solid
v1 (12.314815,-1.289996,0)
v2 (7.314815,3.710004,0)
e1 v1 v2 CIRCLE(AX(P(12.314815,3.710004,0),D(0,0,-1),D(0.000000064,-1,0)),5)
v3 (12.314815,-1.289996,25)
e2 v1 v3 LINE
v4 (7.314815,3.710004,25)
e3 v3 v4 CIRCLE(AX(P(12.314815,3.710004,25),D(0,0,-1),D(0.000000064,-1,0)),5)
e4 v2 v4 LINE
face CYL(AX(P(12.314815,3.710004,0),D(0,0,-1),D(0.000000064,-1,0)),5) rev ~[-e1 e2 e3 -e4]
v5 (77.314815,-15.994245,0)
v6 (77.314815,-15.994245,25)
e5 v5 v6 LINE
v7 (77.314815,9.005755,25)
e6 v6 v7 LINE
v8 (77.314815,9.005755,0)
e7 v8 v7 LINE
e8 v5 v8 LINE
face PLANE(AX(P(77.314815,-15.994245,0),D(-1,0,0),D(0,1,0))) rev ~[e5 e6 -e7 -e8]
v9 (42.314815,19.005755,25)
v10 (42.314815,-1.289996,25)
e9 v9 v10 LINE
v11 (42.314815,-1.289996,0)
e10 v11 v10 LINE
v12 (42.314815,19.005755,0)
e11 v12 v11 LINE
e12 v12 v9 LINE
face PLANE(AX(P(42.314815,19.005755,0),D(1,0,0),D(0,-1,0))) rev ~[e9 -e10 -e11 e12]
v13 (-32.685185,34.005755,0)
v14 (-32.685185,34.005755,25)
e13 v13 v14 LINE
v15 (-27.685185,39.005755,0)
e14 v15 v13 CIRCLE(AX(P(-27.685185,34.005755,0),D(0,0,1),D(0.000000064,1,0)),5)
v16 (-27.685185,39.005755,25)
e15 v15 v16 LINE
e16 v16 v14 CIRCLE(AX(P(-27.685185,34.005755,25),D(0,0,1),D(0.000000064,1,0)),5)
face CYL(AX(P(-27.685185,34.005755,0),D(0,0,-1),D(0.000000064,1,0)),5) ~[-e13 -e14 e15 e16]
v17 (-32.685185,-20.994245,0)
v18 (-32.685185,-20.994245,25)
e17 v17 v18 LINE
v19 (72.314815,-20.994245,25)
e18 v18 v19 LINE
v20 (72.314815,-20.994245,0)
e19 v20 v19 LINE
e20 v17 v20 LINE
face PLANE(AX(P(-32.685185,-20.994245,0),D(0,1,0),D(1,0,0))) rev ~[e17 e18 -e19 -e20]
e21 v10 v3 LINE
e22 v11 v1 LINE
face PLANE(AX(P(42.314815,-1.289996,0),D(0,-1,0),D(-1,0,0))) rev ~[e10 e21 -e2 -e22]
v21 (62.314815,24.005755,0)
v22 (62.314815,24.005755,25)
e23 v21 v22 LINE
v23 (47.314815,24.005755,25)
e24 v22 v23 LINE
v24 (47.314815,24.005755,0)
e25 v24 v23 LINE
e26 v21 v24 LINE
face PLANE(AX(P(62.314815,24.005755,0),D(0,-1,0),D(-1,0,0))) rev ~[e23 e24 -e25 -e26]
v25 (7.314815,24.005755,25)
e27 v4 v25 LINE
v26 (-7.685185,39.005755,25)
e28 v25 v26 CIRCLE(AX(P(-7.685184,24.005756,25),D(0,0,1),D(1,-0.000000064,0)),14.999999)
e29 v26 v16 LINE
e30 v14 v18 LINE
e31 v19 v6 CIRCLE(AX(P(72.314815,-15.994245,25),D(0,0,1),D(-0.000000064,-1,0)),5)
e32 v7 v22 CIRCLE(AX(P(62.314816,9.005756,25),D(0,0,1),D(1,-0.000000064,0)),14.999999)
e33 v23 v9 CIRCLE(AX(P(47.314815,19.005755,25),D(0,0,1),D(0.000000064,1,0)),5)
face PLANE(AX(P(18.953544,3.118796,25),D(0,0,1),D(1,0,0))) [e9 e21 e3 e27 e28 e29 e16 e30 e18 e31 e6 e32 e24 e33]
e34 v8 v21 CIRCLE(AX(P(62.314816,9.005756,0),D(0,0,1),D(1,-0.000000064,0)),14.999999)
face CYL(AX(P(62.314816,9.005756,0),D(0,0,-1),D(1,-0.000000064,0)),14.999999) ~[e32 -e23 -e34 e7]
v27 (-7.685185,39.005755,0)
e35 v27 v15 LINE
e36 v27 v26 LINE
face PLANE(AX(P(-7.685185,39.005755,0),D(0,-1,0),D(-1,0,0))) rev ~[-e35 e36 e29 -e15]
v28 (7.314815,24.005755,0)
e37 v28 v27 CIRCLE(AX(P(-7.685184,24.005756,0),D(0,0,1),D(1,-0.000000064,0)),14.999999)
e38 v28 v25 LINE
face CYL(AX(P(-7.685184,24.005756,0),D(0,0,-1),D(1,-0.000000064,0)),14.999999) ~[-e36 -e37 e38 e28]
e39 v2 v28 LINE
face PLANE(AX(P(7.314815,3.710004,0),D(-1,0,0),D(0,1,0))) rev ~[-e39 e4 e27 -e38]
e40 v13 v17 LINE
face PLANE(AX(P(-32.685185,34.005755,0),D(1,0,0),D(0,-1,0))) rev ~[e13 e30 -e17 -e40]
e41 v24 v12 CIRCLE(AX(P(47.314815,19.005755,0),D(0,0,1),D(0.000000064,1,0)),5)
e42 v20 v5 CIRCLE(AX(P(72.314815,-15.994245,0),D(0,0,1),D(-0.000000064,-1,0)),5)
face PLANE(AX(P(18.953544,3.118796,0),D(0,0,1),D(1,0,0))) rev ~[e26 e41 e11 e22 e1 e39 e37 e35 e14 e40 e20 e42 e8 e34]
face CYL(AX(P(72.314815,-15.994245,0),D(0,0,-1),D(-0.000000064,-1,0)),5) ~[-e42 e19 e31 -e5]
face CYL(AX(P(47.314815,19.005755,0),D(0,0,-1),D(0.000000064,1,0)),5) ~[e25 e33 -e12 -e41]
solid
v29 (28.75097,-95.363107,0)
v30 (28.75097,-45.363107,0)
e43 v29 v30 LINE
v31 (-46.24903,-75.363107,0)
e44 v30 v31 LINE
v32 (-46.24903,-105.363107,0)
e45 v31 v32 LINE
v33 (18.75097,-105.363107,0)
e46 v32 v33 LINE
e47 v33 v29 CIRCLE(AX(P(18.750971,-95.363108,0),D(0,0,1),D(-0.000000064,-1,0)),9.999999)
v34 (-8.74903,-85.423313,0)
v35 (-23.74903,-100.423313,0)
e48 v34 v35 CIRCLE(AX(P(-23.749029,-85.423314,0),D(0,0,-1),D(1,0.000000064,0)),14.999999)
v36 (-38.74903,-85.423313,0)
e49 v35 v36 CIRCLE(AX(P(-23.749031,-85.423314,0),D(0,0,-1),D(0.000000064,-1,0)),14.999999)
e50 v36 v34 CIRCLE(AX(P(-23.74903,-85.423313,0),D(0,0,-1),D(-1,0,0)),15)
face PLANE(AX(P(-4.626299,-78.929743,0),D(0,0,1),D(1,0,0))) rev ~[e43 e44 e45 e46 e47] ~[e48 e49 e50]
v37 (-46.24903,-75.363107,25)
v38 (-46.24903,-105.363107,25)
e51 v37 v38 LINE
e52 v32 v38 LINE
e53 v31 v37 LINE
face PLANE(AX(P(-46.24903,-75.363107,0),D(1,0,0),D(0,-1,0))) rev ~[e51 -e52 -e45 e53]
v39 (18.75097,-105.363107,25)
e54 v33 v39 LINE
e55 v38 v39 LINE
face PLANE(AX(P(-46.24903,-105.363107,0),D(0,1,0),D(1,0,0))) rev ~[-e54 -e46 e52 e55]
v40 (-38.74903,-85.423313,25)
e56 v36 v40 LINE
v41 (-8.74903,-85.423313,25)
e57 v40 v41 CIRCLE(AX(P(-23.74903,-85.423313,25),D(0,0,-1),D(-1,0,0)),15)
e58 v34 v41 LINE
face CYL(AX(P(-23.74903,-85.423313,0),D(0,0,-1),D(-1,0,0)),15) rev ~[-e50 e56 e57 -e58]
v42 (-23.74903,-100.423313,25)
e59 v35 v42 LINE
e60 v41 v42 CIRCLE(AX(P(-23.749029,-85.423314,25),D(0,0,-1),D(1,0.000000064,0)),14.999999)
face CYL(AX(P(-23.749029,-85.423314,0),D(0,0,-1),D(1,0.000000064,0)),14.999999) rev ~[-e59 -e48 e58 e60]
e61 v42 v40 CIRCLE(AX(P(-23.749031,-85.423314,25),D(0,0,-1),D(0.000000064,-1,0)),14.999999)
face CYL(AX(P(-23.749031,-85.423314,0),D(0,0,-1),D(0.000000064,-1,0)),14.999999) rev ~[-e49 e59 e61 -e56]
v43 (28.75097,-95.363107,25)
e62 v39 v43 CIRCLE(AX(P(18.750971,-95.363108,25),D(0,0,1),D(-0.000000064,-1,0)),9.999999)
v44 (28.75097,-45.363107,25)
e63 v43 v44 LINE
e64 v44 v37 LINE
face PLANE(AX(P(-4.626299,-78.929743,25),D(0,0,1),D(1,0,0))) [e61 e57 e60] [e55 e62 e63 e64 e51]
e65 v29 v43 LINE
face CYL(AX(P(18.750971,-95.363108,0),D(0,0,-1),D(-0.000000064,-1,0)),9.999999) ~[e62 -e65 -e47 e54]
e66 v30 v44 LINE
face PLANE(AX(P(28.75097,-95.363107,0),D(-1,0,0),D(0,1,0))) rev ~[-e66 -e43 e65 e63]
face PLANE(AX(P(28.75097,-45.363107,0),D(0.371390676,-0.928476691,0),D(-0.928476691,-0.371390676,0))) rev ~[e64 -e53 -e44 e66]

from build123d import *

# Parameters (mm, degrees)
F1_DEPTH = 25


with BuildPart() as f1:
    # F0 (on Top) → F1 (new body)
    with BuildSketch(Plane.XY):
        with BuildLine():
            ThreePointArc((-27.685185, 39.005755), (-31.220719, 37.541289), (-32.685185, 34.005755))
            Line((-32.685185, 34.005755), (-32.685185, -20.994245))
            Line((-32.685185, -20.994245), (72.314815, -20.994245))
            ThreePointArc((72.314815, -20.994245), (75.850349, -19.529779), (77.314815, -15.994245))
            Line((77.314815, -15.994245), (77.314815, 9.005755))
            ThreePointArc((77.314815, 9.005755), (72.921417, 19.612357), (62.314815, 24.005755))
            Line((62.314815, 24.005755), (47.314815, 24.005755))
            ThreePointArc((47.314815, 24.005755), (43.779281, 22.541289), (42.314815, 19.005755))
            Line((42.314815, 19.005755), (42.314815, -1.289996))
            Line((42.314815, -1.289996), (12.314815, -1.289996))
            ThreePointArc((12.314815, -1.289996), (8.779281, 0.17447), (7.314815, 3.710004))
            Line((7.314815, 3.710004), (7.314815, 24.005755))
            ThreePointArc((7.314815, 24.005755), (2.921417, 34.612357), (-7.685185, 39.005755))
            Line((-7.685185, 39.005755), (-27.685185, 39.005755))
        make_face()
        with BuildLine():
            Line((-23.74903, -100.423313), (-23.74903, -105.363107))
            Line((-23.74903, -105.363107), (18.75097, -105.363107))
            ThreePointArc((18.75097, -105.363107), (25.822038, -102.434175), (28.75097, -95.363107))
            Line((28.75097, -95.363107), (28.75097, -45.363107))
            Line((28.75097, -45.363107), (-46.24903, -75.363107))
            Line((-46.24903, -75.363107), (-46.24903, -85.423313))
            Line((-46.24903, -85.423313), (-38.74903, -85.423313))
            ThreePointArc((-38.74903, -85.423313), (-23.74903, -70.423313), (-8.74903, -85.423313))
            ThreePointArc((-8.74903, -85.423313), (-13.142428, -96.029915), (-23.74903, -100.423313))
        make_face()
        with BuildLine():
            Line((-46.24903, -85.423313), (-46.24903, -105.363107))
            Line((-46.24903, -105.363107), (-23.74903, -105.363107))
            Line((-23.74903, -105.363107), (-23.74903, -100.423313))
            ThreePointArc((-23.74903, -100.423313), (-34.355632, -96.029915), (-38.74903, -85.423313))
            Line((-38.74903, -85.423313), (-46.24903, -85.423313))
        make_face()
    extrude(amount=F1_DEPTH)


solid = f1.part
